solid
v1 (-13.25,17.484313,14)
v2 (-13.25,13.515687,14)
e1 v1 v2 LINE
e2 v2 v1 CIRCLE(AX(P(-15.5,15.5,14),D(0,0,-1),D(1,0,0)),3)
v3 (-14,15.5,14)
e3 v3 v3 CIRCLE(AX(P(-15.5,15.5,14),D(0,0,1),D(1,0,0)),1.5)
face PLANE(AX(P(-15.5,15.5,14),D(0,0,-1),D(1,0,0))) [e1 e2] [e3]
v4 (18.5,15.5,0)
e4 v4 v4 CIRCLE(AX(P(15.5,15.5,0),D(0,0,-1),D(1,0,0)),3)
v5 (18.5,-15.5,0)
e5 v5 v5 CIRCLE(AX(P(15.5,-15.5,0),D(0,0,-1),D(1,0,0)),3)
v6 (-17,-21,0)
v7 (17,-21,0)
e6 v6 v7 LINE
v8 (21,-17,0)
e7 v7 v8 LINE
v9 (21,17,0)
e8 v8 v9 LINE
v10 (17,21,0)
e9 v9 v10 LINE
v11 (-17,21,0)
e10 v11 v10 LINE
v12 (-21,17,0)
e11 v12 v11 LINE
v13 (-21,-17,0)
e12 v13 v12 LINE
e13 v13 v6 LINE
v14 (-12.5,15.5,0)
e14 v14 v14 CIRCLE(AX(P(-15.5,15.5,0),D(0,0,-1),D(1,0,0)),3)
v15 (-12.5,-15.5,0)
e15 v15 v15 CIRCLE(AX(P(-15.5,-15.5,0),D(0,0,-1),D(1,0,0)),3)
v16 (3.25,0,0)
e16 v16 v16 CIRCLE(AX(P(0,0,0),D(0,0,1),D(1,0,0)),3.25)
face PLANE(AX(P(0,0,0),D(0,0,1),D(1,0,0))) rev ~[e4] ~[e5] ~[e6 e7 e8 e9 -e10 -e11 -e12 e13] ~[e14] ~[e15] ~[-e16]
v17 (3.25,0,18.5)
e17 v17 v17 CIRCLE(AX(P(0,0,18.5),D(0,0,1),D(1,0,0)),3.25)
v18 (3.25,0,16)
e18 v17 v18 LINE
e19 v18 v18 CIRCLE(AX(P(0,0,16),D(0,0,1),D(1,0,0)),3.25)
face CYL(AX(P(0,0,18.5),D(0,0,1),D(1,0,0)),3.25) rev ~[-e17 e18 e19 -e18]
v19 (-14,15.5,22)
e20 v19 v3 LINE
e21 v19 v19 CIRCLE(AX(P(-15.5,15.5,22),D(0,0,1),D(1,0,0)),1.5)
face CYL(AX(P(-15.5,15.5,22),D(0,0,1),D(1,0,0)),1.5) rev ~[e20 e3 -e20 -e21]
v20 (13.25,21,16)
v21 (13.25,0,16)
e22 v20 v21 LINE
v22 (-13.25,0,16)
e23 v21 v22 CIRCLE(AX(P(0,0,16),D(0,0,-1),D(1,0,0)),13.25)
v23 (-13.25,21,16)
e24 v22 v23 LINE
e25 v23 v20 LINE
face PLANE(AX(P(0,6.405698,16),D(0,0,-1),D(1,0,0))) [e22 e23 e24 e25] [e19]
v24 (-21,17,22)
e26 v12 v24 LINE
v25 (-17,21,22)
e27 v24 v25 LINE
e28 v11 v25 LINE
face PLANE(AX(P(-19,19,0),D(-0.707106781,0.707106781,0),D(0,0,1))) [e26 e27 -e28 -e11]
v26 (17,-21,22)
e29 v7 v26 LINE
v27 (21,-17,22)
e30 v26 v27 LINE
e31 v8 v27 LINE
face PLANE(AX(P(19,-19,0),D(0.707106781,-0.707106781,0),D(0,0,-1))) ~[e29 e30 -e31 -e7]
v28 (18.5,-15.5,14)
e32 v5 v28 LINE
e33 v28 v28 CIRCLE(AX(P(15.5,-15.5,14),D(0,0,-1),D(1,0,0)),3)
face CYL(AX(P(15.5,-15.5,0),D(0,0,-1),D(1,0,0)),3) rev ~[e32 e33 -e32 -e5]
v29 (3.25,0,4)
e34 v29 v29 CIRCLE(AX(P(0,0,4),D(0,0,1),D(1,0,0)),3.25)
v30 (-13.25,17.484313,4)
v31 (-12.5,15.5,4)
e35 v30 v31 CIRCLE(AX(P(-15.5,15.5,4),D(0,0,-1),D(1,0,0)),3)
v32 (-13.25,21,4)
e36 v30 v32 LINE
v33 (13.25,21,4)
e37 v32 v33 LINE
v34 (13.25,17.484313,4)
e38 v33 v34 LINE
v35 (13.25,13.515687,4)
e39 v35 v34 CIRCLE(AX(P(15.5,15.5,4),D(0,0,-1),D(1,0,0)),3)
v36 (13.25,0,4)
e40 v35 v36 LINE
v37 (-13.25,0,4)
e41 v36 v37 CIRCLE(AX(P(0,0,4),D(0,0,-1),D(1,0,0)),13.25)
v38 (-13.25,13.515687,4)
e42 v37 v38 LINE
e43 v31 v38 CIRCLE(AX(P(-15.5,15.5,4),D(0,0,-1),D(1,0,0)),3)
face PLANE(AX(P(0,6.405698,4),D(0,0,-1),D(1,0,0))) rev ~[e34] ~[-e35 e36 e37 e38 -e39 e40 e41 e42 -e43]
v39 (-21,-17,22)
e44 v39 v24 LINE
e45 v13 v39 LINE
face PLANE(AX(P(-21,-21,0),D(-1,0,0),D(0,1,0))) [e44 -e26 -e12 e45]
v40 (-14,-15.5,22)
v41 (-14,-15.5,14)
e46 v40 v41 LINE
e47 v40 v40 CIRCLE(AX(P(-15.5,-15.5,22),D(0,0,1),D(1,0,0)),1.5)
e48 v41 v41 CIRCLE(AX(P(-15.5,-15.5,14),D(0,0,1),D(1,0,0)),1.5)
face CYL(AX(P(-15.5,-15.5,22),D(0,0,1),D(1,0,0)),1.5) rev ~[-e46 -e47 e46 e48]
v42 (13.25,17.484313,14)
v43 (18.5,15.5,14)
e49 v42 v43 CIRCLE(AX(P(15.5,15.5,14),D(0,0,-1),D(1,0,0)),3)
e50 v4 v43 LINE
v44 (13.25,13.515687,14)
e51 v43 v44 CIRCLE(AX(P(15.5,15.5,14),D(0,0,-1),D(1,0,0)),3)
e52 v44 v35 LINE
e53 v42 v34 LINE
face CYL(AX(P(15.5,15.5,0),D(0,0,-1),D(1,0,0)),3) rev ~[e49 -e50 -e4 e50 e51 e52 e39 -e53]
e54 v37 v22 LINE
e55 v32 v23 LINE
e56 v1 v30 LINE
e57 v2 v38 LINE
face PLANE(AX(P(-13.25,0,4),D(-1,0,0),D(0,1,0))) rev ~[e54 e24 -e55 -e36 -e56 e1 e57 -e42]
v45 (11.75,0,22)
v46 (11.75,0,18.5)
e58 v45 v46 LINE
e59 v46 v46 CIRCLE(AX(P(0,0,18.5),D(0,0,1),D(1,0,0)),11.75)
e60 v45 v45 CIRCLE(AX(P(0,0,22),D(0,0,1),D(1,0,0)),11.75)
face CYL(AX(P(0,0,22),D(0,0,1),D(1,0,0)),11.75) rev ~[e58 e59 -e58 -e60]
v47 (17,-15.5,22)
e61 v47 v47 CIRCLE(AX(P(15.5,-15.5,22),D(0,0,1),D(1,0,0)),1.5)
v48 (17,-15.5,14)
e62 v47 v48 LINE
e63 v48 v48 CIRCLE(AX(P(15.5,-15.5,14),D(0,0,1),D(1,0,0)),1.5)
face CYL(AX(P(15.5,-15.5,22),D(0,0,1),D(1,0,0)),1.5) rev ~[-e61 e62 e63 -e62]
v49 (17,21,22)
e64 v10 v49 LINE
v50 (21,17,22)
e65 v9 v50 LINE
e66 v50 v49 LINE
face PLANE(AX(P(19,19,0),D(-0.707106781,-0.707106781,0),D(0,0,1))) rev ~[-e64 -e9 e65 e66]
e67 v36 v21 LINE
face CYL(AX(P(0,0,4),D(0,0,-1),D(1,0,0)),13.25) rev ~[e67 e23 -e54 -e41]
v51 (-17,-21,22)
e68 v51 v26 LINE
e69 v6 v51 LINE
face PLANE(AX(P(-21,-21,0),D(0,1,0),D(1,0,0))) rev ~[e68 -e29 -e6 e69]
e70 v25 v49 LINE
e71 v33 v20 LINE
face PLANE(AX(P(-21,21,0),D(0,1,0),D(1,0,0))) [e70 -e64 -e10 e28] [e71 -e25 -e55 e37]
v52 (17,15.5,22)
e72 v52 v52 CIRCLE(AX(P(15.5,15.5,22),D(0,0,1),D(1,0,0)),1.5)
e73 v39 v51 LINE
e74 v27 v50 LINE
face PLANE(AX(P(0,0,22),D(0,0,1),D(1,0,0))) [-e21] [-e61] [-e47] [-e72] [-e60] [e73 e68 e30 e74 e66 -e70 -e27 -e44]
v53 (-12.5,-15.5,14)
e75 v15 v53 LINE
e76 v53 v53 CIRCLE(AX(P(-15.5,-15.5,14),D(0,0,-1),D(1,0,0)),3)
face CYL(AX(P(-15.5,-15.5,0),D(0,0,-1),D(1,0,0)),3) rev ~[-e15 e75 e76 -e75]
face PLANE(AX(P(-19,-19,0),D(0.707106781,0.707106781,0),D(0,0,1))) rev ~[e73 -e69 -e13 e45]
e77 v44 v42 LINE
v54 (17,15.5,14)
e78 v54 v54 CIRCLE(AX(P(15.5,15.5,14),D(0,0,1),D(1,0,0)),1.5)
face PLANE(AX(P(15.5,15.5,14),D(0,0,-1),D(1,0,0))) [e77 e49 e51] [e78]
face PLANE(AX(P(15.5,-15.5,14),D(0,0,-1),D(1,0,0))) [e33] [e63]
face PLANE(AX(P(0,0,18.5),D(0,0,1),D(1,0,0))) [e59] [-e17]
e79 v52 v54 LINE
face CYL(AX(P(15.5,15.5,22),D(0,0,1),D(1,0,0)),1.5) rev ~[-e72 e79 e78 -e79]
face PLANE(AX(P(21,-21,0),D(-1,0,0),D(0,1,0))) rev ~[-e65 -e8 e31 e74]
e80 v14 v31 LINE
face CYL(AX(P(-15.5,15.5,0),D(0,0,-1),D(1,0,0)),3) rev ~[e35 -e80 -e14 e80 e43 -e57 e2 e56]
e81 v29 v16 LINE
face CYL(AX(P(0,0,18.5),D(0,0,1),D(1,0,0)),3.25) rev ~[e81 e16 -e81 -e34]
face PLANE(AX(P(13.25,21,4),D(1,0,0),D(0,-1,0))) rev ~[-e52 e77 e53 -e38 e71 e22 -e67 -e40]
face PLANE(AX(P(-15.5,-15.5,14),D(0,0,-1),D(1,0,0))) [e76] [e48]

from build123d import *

# Parameters (mm, degrees)
F0_W      = 42
F0_H      = 42
F1_DEPTH  = 22
F2_SIZE   = 4
F3_R      = 11.75
F4_DEPTH  = 3.5
F5_R      = 3.25
F6_DEPTH  = 18.501
F8_START  = -4
F8_DEPTH  = 12
F9_R      = 1.5
F10_DEPTH = 22.001
F11_R     = 3
F12_DEPTH = 14


with BuildPart() as f1:
    # F0 (on Top) → F1 (new body)
    with BuildSketch(Plane.XY):
        Rectangle(F0_W, F0_H)
    extrude(amount=F1_DEPTH)

    # F2
    f2_edges = [f1.edges().sort_by_distance(p)[0] for p in [
        (-21, -21, 11),
        (21, -21, 11),
        (-21, 21, 11),
        (21, 21, 11),
    ]]
    chamfer(f2_edges, length=F2_SIZE)

    # F3 (on face) → F4 (cut)
    with BuildSketch(Plane.XY.offset(22)):
        Circle(F3_R)
    extrude(amount=-F4_DEPTH, mode=Mode.SUBTRACT)

    # F5 (on face) → F6 (cut, through all)
    with BuildSketch(Plane.XY.offset(18.5)):
        Circle(F5_R)
    extrude(amount=-F6_DEPTH, mode=Mode.SUBTRACT)

    # F7 (on face) → F8 (cut)
    with BuildSketch(Plane(origin=(0, 0, 0), x_dir=(1, 0, 0), z_dir=(0, 0, -1)).offset(F8_START)):
        with BuildLine():
            Line((-13.25, 0), (-13.25, -21))
            Line((-13.25, -21), (13.25, -21))
            Line((13.25, -21), (13.25, 0))
            ThreePointArc((13.25, 0), (0, 13.25), (-13.25, 0))
        make_face()
    extrude(amount=-F8_DEPTH, mode=Mode.SUBTRACT)

    # F9 (on face) → F10 (cut, through all)
    with BuildSketch(Plane.XY.offset(22)):
        with Locations((-15.5, 15.5)):
            Circle(F9_R)
        with Locations((15.5, 15.5)):
            Circle(F9_R)
        with Locations((-15.5, -15.5)):
            Circle(F9_R)
        with Locations((15.5, -15.5)):
            Circle(F9_R)
    extrude(amount=-F10_DEPTH, mode=Mode.SUBTRACT)

    # F11 (on face) → F12 (cut)
    with BuildSketch(Plane(origin=(0, 0, 0), x_dir=(1, 0, 0), z_dir=(0, 0, -1))):
        with Locations((-15.5, 15.5)):
            Circle(F11_R)
        with Locations((15.5, 15.5)):
            Circle(F11_R)
        with Locations((-15.5, -15.5)):
            Circle(F11_R)
        with Locations((15.5, -15.5)):
            Circle(F11_R)
    extrude(amount=-F12_DEPTH, mode=Mode.SUBTRACT)


solid = f1.part
